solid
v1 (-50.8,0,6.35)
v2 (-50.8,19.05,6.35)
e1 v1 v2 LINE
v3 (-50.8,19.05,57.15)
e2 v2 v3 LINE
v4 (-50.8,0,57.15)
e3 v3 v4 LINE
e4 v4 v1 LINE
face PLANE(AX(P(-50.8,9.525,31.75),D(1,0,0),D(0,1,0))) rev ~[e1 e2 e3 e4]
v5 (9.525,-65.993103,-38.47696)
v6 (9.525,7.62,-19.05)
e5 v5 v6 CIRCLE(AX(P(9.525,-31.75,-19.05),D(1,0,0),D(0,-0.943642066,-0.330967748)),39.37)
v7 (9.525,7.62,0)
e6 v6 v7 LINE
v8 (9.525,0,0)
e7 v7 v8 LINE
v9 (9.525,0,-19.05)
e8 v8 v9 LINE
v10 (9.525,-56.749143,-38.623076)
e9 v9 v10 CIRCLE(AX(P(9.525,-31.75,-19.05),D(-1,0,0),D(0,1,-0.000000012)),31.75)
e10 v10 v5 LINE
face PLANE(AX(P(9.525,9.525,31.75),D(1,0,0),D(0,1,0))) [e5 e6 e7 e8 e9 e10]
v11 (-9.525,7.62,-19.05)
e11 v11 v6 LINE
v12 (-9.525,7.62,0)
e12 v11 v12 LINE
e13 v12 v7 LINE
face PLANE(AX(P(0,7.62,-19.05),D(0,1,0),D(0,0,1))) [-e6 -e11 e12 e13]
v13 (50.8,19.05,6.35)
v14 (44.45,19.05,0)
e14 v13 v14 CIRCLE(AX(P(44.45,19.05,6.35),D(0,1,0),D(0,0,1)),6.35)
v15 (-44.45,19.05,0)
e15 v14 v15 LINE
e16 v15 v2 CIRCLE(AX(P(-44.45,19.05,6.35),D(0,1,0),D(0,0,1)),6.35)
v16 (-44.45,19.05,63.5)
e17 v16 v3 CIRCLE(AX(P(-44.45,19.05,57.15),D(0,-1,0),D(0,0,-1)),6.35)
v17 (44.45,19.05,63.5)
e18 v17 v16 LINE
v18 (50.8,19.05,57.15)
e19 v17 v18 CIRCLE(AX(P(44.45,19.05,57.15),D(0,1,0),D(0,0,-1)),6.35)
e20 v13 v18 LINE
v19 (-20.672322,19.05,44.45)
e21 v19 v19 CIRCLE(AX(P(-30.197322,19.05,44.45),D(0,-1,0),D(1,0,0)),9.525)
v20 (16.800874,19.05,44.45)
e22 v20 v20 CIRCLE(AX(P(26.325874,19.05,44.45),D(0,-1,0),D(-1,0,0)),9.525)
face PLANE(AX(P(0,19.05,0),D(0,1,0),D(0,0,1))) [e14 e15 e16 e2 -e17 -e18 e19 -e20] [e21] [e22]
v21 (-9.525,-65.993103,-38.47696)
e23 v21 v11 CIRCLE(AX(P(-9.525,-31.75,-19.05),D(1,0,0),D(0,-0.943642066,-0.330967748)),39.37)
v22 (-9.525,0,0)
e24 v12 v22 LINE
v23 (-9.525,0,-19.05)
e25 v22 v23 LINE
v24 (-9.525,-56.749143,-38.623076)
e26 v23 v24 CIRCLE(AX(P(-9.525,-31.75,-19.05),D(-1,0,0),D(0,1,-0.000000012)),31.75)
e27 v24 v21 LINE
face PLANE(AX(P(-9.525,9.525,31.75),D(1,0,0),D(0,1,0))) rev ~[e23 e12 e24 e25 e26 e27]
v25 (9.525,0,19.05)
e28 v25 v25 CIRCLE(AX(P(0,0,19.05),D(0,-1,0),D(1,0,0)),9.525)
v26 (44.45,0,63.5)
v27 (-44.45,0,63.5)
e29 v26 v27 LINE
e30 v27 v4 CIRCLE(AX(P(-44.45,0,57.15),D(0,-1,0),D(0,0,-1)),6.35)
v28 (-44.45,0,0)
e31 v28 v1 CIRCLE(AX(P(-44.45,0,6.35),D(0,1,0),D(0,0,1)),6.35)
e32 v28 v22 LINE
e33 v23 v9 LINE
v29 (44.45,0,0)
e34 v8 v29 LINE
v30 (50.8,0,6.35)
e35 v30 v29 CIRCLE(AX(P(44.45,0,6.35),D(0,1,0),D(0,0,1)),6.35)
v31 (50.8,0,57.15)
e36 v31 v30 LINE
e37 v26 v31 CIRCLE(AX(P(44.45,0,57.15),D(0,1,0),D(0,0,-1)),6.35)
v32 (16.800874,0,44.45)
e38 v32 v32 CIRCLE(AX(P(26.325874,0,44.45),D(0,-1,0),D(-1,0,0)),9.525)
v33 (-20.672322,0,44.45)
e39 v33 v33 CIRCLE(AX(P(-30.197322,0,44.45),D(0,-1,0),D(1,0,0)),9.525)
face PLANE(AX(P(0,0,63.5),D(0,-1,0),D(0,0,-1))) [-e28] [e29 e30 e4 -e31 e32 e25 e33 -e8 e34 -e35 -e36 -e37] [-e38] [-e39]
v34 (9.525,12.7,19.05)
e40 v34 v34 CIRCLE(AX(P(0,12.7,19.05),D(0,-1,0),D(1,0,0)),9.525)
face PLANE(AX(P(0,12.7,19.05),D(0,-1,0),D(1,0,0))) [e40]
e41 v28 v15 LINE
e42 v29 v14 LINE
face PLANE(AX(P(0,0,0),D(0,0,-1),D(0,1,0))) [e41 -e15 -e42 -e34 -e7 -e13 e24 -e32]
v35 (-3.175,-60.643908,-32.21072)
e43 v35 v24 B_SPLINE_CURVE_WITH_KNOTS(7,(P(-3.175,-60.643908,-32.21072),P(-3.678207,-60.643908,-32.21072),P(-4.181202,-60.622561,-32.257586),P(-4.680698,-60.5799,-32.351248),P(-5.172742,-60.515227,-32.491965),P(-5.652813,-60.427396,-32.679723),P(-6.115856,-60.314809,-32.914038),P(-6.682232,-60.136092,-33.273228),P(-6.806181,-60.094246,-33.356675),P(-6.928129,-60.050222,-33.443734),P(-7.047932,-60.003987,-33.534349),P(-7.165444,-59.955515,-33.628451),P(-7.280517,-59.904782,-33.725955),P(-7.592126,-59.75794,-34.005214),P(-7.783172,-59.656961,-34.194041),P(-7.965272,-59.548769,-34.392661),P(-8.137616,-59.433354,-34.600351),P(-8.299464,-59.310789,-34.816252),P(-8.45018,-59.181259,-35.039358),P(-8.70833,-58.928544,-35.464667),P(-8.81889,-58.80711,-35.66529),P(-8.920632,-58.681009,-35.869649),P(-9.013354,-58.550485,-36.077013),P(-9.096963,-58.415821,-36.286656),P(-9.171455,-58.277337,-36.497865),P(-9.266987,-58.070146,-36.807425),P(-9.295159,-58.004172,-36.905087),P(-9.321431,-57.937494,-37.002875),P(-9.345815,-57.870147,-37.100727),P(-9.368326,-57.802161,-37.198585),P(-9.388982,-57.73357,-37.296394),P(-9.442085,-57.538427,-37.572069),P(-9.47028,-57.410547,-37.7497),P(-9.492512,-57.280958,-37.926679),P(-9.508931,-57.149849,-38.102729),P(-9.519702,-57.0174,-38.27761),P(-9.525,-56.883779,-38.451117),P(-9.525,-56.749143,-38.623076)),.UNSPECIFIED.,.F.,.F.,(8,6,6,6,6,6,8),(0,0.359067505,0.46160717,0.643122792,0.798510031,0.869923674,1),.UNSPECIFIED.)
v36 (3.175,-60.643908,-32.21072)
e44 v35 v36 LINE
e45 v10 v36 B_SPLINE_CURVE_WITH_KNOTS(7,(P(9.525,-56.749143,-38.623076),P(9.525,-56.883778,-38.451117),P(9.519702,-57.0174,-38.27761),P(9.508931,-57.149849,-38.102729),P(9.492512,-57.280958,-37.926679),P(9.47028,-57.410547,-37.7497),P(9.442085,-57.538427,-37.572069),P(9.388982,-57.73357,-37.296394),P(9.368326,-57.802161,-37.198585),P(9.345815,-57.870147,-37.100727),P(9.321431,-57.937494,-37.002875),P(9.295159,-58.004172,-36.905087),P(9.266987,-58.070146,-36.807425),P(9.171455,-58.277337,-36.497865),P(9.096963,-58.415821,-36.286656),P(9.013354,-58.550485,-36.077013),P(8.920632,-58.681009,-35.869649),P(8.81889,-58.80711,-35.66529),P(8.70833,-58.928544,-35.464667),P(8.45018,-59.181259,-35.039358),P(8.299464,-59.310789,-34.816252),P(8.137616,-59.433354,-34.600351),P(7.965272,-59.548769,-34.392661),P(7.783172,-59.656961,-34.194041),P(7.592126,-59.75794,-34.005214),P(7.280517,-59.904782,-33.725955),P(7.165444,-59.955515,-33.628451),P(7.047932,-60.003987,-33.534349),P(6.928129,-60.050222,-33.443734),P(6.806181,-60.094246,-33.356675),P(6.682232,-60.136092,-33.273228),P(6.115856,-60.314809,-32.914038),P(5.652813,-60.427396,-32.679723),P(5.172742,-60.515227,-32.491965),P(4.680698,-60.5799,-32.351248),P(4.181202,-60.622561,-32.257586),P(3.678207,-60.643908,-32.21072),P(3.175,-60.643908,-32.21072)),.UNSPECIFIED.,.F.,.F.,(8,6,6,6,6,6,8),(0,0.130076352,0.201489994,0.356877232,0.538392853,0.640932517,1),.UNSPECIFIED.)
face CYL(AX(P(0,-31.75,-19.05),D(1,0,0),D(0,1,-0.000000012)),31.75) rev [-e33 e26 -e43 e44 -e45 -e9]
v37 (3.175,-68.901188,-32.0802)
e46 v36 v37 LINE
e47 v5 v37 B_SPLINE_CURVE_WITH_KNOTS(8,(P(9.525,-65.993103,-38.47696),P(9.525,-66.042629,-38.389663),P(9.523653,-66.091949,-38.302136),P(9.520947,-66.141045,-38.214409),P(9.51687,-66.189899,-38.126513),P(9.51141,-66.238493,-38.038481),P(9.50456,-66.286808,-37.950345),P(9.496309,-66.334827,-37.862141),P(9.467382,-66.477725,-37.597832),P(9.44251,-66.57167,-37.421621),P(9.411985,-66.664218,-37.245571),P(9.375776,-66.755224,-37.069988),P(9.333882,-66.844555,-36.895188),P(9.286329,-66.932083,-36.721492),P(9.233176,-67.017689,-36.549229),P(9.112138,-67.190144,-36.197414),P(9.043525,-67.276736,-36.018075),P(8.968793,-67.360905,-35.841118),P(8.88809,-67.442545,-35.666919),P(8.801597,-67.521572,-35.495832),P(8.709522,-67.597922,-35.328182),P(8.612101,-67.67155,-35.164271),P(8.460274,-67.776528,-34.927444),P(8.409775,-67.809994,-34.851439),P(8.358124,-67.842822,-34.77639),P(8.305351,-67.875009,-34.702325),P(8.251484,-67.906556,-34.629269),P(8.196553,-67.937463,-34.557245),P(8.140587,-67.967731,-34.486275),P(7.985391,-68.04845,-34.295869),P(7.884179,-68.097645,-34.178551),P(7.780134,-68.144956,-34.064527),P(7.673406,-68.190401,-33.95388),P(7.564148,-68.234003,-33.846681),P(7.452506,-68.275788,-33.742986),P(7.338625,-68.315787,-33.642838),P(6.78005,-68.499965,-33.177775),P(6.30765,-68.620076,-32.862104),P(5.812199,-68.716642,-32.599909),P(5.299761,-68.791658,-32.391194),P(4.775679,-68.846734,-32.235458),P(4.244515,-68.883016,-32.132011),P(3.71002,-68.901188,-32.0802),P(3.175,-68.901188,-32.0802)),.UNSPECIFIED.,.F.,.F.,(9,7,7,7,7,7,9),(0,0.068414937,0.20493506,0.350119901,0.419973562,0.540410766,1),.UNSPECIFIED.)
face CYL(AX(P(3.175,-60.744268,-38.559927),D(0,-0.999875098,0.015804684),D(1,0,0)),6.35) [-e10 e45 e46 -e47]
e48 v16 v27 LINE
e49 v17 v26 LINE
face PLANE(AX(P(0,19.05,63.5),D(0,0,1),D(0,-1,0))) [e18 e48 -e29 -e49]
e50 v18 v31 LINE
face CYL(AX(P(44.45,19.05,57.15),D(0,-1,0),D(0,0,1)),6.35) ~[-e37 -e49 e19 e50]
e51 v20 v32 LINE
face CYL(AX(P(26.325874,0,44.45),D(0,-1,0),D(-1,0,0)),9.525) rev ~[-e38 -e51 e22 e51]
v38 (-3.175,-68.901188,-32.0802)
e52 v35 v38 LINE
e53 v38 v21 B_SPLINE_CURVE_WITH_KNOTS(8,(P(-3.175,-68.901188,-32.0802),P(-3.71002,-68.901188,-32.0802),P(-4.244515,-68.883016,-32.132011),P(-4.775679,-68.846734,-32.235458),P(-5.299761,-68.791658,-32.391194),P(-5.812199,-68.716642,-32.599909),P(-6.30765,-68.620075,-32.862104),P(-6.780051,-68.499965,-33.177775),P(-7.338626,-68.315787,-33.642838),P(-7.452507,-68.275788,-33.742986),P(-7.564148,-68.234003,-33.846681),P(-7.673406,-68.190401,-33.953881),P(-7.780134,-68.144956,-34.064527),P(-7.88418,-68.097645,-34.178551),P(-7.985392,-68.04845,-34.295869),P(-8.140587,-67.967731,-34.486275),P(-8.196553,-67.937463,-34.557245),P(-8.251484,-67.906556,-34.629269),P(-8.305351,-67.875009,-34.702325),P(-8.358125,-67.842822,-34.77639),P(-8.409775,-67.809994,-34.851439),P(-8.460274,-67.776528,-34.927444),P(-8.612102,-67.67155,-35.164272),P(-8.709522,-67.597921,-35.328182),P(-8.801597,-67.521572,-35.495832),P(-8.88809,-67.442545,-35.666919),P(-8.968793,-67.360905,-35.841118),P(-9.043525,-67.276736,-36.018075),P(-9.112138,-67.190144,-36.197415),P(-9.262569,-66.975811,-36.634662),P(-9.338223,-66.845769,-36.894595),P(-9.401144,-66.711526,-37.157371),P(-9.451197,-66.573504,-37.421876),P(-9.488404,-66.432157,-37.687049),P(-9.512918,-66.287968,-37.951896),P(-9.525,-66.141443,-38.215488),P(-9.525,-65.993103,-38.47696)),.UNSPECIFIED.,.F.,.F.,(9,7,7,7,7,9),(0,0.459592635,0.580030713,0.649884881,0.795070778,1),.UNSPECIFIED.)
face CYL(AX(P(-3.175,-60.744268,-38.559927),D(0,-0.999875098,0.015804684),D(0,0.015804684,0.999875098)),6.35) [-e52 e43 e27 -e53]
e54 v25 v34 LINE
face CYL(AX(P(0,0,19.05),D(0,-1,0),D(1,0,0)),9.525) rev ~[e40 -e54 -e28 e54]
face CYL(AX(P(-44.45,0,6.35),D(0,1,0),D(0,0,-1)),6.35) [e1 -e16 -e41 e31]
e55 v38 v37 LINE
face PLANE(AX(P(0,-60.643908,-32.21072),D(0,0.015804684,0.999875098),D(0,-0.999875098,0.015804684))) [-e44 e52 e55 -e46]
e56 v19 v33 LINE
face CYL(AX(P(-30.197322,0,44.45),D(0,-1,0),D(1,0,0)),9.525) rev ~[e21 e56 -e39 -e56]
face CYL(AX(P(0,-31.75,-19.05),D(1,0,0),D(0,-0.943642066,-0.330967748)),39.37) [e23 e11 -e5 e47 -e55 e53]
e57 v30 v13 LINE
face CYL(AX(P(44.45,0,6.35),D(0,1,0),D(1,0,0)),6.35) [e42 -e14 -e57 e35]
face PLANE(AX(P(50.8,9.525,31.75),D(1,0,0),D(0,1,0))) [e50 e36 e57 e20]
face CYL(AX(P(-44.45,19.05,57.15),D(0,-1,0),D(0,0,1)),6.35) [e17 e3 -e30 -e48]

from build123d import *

# Parameters (mm, degrees)
F1_DEPTH = 50.8
F0_W     = 7.62
F0_H     = 19.05
F2_DEPTH = 9.525
F3_R     = 6.35
F4_R     = 9.525
F5_DEPTH = 25.4
F6_DEPTH = 12.7


with BuildPart() as f1:
    # F0 (on Right) → F1 (new body, symmetric)
    with BuildSketch(Plane.YZ):
        Polygon((0, 63.5), (0, 0), (7.62, 0), (19.05, 0), (19.05, 63.5), align=None)
    extrude(amount=F1_DEPTH, both=True)

    # F0 (on Right) → F2 (join, symmetric)
    with BuildSketch(Plane.YZ):
        Polygon((0, 63.5), (0, 0), (7.62, 0), (19.05, 0), (19.05, 63.5), align=None)
        with Locations((3.81, -9.525)):
            Rectangle(F0_W, F0_H)
        with BuildLine():
            Line((7.62, -19.05), (0, -19.05))
            ThreePointArc((0, -19.05), (-25.016468, -50.077762), (-60.643908, -32.21072))
            Line((-60.643908, -32.21072), (-68.901188, -32.0802))
            ThreePointArc((-68.901188, -32.0802), (-25.141119, -57.861333), (7.62, -19.05))
        make_face()
    extrude(amount=F2_DEPTH, both=True)

    # F3
    f3_edges = [f1.edges().sort_by_distance(p)[0] for p in [
        (9.525, -64.772548, -32.14546),
        (-9.525, -64.772548, -32.14546),
        (50.8, 9.525, 0),
        (50.8, 9.525, 63.5),
        (-50.8, 9.525, 63.5),
        (-50.8, 9.525, 0),
    ]]
    fillet(f3_edges, radius=F3_R)

    # F4 (on face) → F5 (cut)
    with BuildSketch(Plane.XZ):
        with Locations((-30.197322, 44.45)):
            Circle(F4_R)
        with BuildLine():
            ThreePointArc((35.850874, 44.45), (26.325874, 53.975), (16.800874, 44.45))
            ThreePointArc((16.800874, 44.45), (26.325874, 34.925), (35.850874, 44.45))
        make_face()
    extrude(amount=-F5_DEPTH, mode=Mode.SUBTRACT)

    # F4 (on face) → F6 (cut)
    with BuildSketch(Plane.XZ):
        with Locations((-30.197322, 44.45)):
            Circle(F4_R)
        with BuildLine():
            ThreePointArc((35.850874, 44.45), (26.325874, 53.975), (16.800874, 44.45))
            ThreePointArc((16.800874, 44.45), (26.325874, 34.925), (35.850874, 44.45))
        make_face()
        with Locations((0, 19.05)):
            Circle(F4_R)
    extrude(amount=-F6_DEPTH, mode=Mode.SUBTRACT)


solid = f1.part
